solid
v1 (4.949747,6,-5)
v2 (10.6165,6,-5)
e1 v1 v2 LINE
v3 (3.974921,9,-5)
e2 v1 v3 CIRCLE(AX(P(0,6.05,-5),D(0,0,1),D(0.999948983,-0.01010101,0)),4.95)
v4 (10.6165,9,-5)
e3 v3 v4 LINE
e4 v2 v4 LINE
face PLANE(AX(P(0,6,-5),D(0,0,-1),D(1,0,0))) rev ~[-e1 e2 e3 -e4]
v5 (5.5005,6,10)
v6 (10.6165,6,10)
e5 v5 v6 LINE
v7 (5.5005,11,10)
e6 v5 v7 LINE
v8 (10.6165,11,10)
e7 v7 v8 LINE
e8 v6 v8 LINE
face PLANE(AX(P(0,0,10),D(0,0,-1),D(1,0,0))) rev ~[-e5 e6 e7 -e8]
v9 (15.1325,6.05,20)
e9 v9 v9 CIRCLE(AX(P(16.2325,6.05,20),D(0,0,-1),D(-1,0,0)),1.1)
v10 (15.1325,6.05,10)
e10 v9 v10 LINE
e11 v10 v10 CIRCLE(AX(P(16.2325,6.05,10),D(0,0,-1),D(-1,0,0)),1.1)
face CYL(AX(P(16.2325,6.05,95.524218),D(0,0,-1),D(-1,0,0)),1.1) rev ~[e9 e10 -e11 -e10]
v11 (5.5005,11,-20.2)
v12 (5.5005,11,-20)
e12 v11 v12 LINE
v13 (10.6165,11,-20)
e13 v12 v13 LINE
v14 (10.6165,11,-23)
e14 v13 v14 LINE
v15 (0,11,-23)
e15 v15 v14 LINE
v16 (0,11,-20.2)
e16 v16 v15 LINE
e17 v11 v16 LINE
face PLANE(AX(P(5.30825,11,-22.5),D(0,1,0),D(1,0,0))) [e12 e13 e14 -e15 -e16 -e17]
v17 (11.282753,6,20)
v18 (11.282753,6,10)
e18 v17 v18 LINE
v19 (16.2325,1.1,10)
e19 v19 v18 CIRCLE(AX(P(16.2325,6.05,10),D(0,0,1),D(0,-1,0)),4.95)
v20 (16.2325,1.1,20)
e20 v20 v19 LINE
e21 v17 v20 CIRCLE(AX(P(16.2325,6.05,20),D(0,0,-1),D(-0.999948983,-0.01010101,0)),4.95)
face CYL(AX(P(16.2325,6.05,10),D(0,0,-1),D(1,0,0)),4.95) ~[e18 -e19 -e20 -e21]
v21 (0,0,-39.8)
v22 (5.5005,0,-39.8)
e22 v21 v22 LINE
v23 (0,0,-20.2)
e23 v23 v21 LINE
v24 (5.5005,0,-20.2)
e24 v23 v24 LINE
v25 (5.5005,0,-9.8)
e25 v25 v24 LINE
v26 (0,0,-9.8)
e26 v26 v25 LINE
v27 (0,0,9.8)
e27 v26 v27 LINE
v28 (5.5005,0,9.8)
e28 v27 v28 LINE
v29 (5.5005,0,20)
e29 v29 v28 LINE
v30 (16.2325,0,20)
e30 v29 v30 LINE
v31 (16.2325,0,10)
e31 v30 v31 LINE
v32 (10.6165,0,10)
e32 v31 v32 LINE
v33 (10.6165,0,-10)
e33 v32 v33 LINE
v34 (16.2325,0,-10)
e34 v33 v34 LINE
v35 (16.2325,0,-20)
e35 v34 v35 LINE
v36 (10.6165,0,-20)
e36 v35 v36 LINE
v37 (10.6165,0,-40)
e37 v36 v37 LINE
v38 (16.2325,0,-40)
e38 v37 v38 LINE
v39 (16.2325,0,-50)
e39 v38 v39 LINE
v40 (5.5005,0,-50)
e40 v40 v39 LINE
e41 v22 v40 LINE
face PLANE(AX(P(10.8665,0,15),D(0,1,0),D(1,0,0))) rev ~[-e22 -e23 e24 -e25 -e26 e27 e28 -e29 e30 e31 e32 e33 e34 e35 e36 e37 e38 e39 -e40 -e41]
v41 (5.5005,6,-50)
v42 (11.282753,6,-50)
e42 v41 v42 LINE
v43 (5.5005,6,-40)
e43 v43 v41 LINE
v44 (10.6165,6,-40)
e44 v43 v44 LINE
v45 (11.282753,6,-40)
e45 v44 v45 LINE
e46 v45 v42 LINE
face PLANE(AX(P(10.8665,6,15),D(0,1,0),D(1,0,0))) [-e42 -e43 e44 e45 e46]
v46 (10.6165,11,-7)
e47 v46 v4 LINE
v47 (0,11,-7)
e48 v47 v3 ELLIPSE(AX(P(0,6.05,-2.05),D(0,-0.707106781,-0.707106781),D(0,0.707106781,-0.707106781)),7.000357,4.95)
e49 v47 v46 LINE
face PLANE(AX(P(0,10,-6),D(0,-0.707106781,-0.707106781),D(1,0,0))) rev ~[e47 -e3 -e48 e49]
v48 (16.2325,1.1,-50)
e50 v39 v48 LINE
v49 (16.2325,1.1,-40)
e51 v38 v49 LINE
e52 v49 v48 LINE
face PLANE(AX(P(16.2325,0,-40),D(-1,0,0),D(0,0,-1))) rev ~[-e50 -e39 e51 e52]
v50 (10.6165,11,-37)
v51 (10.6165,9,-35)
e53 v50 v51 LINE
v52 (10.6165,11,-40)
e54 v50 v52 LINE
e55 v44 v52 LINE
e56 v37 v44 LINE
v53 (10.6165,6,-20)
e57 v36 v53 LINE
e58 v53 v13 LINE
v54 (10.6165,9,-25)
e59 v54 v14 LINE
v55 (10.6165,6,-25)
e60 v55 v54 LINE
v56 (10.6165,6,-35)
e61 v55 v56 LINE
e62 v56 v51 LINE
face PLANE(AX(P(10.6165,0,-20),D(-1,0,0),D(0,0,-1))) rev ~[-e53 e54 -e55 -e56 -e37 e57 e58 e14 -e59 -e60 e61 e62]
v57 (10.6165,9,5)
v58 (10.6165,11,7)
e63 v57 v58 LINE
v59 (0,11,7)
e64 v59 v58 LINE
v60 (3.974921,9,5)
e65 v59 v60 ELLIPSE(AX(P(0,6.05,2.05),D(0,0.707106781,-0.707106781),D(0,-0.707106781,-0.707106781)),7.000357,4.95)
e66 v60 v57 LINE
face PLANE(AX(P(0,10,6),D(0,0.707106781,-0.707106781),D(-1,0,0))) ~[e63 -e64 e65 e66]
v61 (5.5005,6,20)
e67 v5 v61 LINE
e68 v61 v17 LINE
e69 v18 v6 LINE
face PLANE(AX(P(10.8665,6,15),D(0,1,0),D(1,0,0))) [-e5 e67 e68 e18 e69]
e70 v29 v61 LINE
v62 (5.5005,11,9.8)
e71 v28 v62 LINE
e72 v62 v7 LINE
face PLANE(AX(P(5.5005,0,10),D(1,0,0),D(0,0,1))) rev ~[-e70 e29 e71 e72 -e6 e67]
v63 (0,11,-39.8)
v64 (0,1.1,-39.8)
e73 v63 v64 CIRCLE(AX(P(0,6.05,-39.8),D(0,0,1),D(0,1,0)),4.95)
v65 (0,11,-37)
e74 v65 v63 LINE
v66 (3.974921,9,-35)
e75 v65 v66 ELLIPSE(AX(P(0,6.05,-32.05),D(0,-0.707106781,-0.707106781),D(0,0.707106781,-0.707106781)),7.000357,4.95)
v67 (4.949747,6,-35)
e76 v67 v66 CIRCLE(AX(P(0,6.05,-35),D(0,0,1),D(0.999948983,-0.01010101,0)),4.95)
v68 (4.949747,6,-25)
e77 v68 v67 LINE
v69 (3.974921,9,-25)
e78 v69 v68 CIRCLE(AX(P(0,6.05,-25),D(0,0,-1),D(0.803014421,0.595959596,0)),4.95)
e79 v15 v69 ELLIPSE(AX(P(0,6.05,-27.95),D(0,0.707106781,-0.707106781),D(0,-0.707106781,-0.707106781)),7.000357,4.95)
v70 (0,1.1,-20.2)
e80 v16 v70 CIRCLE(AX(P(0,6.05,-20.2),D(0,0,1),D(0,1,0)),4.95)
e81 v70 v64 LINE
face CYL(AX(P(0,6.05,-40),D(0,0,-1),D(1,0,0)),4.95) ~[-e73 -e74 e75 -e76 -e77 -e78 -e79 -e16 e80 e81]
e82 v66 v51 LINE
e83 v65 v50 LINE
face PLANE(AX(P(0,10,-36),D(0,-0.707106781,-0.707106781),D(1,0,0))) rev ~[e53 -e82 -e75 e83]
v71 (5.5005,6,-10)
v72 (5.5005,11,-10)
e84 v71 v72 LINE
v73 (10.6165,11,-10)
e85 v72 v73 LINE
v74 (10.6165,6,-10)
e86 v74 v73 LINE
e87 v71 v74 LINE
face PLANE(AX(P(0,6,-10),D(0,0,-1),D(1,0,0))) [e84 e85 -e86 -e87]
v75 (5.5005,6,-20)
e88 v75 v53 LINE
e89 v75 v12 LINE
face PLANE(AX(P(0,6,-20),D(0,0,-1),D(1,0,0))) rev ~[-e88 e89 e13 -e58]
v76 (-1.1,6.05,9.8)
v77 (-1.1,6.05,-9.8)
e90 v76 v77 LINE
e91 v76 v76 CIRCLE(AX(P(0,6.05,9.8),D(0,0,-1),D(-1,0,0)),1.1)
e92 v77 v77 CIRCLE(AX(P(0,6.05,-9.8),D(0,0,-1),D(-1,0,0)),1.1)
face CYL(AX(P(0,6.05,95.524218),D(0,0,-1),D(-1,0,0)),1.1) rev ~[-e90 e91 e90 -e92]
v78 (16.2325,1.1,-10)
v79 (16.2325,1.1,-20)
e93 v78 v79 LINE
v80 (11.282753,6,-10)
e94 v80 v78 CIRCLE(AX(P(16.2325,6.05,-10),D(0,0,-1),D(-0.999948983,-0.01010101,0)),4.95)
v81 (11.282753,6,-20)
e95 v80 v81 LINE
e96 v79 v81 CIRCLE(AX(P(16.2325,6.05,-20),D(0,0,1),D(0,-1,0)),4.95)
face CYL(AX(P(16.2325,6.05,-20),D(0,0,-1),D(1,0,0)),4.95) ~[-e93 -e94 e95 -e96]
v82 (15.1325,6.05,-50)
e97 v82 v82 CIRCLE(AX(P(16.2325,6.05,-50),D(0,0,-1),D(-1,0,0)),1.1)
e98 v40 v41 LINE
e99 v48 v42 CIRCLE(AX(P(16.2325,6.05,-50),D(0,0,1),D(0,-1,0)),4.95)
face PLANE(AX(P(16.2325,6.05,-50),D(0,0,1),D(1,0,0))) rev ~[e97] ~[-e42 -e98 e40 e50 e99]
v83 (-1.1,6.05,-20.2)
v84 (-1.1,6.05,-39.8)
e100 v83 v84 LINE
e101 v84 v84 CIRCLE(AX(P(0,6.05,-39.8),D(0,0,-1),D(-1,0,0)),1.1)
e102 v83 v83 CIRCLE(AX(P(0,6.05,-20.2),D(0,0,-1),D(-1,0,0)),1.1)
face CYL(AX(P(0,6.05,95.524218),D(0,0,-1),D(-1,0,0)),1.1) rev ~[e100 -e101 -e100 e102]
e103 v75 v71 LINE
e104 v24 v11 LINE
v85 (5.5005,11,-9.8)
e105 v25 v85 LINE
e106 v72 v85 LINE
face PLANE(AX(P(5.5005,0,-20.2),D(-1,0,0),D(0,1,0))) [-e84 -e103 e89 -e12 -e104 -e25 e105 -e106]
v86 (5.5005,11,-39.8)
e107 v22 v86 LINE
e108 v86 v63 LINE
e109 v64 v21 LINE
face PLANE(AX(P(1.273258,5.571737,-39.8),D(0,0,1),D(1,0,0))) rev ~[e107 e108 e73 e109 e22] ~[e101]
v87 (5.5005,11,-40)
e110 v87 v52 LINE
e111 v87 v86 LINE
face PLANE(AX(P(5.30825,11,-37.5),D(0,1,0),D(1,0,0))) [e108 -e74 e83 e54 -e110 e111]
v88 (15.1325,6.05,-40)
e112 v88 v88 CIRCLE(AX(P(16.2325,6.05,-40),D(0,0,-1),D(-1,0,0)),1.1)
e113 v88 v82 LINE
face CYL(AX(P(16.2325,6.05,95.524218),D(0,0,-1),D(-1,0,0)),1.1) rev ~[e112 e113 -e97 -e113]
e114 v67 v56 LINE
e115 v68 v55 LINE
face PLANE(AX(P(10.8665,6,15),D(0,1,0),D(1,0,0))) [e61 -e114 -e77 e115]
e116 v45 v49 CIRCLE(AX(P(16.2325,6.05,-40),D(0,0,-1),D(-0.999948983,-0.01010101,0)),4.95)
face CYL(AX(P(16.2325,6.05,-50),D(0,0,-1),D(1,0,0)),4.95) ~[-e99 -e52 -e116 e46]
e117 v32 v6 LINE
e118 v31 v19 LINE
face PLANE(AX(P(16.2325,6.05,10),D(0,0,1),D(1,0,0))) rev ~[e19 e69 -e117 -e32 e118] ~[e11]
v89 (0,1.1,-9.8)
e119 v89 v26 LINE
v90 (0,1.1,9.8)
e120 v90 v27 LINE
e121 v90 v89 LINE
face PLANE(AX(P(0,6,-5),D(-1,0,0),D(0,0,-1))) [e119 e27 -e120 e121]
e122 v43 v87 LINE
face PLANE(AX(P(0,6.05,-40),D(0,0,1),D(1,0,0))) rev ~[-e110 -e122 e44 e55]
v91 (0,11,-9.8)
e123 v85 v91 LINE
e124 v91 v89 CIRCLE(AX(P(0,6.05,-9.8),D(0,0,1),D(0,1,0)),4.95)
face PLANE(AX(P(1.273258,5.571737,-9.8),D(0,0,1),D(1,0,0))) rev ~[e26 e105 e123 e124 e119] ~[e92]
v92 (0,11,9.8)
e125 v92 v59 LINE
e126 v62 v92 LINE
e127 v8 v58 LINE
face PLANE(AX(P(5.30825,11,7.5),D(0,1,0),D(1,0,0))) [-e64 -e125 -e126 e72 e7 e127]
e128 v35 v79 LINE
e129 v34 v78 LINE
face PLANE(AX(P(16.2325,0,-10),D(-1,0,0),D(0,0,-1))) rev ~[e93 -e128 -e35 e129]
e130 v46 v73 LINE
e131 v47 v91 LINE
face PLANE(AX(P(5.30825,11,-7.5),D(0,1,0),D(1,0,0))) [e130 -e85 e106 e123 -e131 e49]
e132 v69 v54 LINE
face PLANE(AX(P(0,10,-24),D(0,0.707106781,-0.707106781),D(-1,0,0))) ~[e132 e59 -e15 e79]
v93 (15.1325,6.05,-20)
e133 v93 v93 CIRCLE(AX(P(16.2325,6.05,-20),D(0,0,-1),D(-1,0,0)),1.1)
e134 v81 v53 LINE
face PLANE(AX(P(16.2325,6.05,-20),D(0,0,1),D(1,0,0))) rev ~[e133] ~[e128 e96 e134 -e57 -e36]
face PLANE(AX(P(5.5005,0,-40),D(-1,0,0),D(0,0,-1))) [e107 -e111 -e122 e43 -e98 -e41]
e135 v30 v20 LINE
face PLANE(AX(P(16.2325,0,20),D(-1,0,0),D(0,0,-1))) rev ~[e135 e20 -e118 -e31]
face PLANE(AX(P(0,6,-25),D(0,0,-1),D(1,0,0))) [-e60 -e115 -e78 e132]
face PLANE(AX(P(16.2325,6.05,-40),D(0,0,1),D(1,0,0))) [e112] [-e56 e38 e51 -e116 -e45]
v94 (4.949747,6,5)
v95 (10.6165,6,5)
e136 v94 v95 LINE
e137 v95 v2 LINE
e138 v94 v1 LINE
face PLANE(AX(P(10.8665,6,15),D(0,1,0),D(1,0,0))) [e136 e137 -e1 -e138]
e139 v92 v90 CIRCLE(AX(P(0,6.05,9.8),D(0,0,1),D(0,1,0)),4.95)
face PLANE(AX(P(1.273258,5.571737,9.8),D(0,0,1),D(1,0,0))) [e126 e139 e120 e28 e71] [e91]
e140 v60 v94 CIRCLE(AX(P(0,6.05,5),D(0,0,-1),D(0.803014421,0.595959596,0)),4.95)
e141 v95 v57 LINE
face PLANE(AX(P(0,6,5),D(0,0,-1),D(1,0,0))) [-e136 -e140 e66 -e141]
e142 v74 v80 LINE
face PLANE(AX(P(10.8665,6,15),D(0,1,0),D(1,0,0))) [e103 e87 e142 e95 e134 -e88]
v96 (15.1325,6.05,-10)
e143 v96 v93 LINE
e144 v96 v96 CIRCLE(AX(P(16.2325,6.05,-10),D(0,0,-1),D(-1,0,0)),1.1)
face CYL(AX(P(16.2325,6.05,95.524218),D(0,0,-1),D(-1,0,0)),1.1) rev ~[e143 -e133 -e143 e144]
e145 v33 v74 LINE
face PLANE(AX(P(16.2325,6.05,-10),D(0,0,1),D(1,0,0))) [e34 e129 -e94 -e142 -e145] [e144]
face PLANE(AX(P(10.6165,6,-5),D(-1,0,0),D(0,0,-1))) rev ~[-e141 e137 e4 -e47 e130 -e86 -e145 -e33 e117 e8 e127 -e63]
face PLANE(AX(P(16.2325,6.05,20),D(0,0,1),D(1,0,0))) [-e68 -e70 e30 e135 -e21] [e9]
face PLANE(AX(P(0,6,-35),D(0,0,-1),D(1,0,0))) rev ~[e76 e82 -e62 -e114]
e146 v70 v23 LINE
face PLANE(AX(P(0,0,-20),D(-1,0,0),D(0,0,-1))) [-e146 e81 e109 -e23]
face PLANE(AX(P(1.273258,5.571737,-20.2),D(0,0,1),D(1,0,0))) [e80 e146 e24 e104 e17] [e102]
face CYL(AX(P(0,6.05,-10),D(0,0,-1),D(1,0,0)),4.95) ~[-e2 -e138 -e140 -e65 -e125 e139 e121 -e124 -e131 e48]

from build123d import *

# Parameters (mm, degrees)
SKETCH1_W             = 10.6165
SKETCH1_H             = 20
SKETCH1_W_2           = 10.732
SKETCH1_H_2           = 10
BOSS_EXTRUDE1_DEPTH   = 6
SKETCH2_W             = 10.6165
SKETCH2_H             = 5
BOSS_EXTRUDE2_DEPTH   = 5
CHAMFER1_SIZE         = 2
BOSS_EXTRUDE3_START   = -10
SKETCH3_R             = 4.95
BOSS_EXTRUDE3_DEPTH   = 20
BOSS_EXTRUDE4_START   = 10
SKETCH3_3_R           = 4.95
BOSS_EXTRUDE4_DEPTH   = 10
BOSS_EXTRUDE5_START   = -20
SKETCH3_4_R           = 4.95
BOSS_EXTRUDE5_DEPTH   = 10
BOSS_EXTRUDE6_START   = -40
SKETCH3_5_R           = 4.95
BOSS_EXTRUDE6_DEPTH   = 20
BOSS_EXTRUDE7_START   = -50
SKETCH3_6_R           = 4.95
BOSS_EXTRUDE7_DEPTH   = 10
F_1_0MM_DOWEL_HOLE1_D = 2.2
CUT_EXTRUDE1_START    = -0.2
CUT_EXTRUDE1_DEPTH    = 0.2
CUT_EXTRUDE2_START    = -30.2
CUT_EXTRUDE2_DEPTH    = 10.4
CUT_EXTRUDE3_START    = -50
CUT_EXTRUDE3_DEPTH    = 0.2


with BuildPart() as part:
    # Sketch1 → Boss-Extrude1 (new body)
    with BuildSketch(Plane(origin=(0, 0, 0), x_dir=(1, 0, 0), z_dir=(0, 1, 0))):
        Polygon((16.2325, -10), (10.6165, -10), (5.5005, -10), (5.5005, -20), (16.2325, -20), align=None)
        Polygon((10.6165, 0), (0, 0), (0, -10), (5.5005, -10), (10.6165, -10), align=None)
        Polygon((0, 10), (0, 0), (10.6165, 0), (10.6165, 10), (5.5005, 10), align=None)
        Polygon((5.5005, 10), (10.6165, 10), (16.2325, 10), (16.2325, 20), (10.6165, 20), (5.5005, 20), align=None)
        with Locations((5.30825, 30)):
            Rectangle(SKETCH1_W, SKETCH1_H)
        with Locations((10.8665, 45)):
            Rectangle(SKETCH1_W_2, SKETCH1_H_2)
    extrude(amount=BOSS_EXTRUDE1_DEPTH)

    # Sketch2 → Boss-Extrude2 (add)
    with BuildSketch(Plane(origin=(0, 6, 0), x_dir=(1, 0, 0), z_dir=(0, 1, 0))):
        with Locations((5.30825, 7.5)):
            Rectangle(SKETCH2_W, SKETCH2_H)
        with Locations((5.30825, -7.5)):
            Rectangle(SKETCH2_W, SKETCH2_H)
        with Locations((5.30825, 37.5)):
            Rectangle(SKETCH2_W, SKETCH2_H)
        with Locations((5.30825, 22.5)):
            Rectangle(SKETCH2_W, SKETCH2_H)
    extrude(amount=BOSS_EXTRUDE2_DEPTH)

    # Chamfer1
    chamfer1_edges = [part.edges().sort_by_distance(p)[0] for p in [
        (5.30825, 11, -35),
        (5.30825, 11, -25),
        (5.30825, 11, -5),
        (5.30825, 11, 5),
    ]]
    chamfer(chamfer1_edges, length=CHAMFER1_SIZE)

    # Sketch3 → Boss-Extrude3 (add)
    with BuildSketch(Plane.XY.offset(BOSS_EXTRUDE3_START)):
        with Locations((0, 6.05)):
            Circle(SKETCH3_R)
    extrude(amount=BOSS_EXTRUDE3_DEPTH)

    # Sketch3<3> → Boss-Extrude4 (add)
    with BuildSketch(Plane.XY.offset(BOSS_EXTRUDE4_START)):
        with Locations((16.2325, 6.05)):
            Circle(SKETCH3_3_R)
    extrude(amount=BOSS_EXTRUDE4_DEPTH)

    # Sketch3<4> → Boss-Extrude5 (add)
    with BuildSketch(Plane.XY.offset(BOSS_EXTRUDE5_START)):
        with Locations((16.2325, 6.05)):
            Circle(SKETCH3_4_R)
    extrude(amount=BOSS_EXTRUDE5_DEPTH)

    # Sketch3<5> → Boss-Extrude6 (add)
    with BuildSketch(Plane.XY.offset(BOSS_EXTRUDE6_START)):
        with Locations((0, 6.05)):
            Circle(SKETCH3_5_R)
    extrude(amount=BOSS_EXTRUDE6_DEPTH)

    # Sketch3<6> → Boss-Extrude7 (add)
    with BuildSketch(Plane.XY.offset(BOSS_EXTRUDE7_START)):
        with Locations((16.2325, 6.05)):
            Circle(SKETCH3_6_R)
    extrude(amount=BOSS_EXTRUDE7_DEPTH)

    # Ø1.0mm Dowel Hole1 (through all)
    with Locations(Plane.XY.offset(20)):
        with Locations((0, 6.05), (16.2325, 6.05)):
            Hole(F_1_0MM_DOWEL_HOLE1_D / 2)

    # Sketch9 → Cut-Extrude1 (cut)
    with BuildSketch(Plane.XY.offset(10).offset(CUT_EXTRUDE1_START)):
        with BuildLine():
            Line((5.5005, 6), (5.5005, 11))
            Line((5.5005, 11), (0, 11))
            ThreePointArc((0, 11), (-4.95, 6.05), (0, 1.1))
            Line((0, 1.1), (0, 0))
            Line((0, 0), (5.5005, 0))
            Line((5.5005, 0), (5.5005, 6))
        make_face()
    extrude(amount=CUT_EXTRUDE1_DEPTH, mode=Mode.SUBTRACT)

    # Sketch9<2> → Cut-Extrude2 (cut)
    with BuildSketch(Plane.XY.offset(10).offset(CUT_EXTRUDE2_START)):
        with BuildLine():
            Line((5.5005, 0), (5.5005, 6))
            Line((5.5005, 6), (5.5005, 11))
            Line((5.5005, 11), (0, 11))
            ThreePointArc((0, 11), (-4.95, 6.05), (0, 1.1))
            Line((0, 1.1), (0, 0))
            Line((0, 0), (5.5005, 0))
        make_face()
    extrude(amount=CUT_EXTRUDE2_DEPTH, mode=Mode.SUBTRACT)

    # Sketch9<4> → Cut-Extrude3 (cut)
    with BuildSketch(Plane.XY.offset(10).offset(CUT_EXTRUDE3_START)):
        with BuildLine():
            Line((5.5005, 0), (5.5005, 6))
            Line((5.5005, 6), (5.5005, 11))
            Line((5.5005, 11), (0, 11))
            ThreePointArc((0, 11), (-4.95, 6.05), (0, 1.1))
            Line((0, 1.1), (0, 0))
            Line((0, 0), (5.5005, 0))
        make_face()
    extrude(amount=CUT_EXTRUDE3_DEPTH, mode=Mode.SUBTRACT)


solid = part.part
